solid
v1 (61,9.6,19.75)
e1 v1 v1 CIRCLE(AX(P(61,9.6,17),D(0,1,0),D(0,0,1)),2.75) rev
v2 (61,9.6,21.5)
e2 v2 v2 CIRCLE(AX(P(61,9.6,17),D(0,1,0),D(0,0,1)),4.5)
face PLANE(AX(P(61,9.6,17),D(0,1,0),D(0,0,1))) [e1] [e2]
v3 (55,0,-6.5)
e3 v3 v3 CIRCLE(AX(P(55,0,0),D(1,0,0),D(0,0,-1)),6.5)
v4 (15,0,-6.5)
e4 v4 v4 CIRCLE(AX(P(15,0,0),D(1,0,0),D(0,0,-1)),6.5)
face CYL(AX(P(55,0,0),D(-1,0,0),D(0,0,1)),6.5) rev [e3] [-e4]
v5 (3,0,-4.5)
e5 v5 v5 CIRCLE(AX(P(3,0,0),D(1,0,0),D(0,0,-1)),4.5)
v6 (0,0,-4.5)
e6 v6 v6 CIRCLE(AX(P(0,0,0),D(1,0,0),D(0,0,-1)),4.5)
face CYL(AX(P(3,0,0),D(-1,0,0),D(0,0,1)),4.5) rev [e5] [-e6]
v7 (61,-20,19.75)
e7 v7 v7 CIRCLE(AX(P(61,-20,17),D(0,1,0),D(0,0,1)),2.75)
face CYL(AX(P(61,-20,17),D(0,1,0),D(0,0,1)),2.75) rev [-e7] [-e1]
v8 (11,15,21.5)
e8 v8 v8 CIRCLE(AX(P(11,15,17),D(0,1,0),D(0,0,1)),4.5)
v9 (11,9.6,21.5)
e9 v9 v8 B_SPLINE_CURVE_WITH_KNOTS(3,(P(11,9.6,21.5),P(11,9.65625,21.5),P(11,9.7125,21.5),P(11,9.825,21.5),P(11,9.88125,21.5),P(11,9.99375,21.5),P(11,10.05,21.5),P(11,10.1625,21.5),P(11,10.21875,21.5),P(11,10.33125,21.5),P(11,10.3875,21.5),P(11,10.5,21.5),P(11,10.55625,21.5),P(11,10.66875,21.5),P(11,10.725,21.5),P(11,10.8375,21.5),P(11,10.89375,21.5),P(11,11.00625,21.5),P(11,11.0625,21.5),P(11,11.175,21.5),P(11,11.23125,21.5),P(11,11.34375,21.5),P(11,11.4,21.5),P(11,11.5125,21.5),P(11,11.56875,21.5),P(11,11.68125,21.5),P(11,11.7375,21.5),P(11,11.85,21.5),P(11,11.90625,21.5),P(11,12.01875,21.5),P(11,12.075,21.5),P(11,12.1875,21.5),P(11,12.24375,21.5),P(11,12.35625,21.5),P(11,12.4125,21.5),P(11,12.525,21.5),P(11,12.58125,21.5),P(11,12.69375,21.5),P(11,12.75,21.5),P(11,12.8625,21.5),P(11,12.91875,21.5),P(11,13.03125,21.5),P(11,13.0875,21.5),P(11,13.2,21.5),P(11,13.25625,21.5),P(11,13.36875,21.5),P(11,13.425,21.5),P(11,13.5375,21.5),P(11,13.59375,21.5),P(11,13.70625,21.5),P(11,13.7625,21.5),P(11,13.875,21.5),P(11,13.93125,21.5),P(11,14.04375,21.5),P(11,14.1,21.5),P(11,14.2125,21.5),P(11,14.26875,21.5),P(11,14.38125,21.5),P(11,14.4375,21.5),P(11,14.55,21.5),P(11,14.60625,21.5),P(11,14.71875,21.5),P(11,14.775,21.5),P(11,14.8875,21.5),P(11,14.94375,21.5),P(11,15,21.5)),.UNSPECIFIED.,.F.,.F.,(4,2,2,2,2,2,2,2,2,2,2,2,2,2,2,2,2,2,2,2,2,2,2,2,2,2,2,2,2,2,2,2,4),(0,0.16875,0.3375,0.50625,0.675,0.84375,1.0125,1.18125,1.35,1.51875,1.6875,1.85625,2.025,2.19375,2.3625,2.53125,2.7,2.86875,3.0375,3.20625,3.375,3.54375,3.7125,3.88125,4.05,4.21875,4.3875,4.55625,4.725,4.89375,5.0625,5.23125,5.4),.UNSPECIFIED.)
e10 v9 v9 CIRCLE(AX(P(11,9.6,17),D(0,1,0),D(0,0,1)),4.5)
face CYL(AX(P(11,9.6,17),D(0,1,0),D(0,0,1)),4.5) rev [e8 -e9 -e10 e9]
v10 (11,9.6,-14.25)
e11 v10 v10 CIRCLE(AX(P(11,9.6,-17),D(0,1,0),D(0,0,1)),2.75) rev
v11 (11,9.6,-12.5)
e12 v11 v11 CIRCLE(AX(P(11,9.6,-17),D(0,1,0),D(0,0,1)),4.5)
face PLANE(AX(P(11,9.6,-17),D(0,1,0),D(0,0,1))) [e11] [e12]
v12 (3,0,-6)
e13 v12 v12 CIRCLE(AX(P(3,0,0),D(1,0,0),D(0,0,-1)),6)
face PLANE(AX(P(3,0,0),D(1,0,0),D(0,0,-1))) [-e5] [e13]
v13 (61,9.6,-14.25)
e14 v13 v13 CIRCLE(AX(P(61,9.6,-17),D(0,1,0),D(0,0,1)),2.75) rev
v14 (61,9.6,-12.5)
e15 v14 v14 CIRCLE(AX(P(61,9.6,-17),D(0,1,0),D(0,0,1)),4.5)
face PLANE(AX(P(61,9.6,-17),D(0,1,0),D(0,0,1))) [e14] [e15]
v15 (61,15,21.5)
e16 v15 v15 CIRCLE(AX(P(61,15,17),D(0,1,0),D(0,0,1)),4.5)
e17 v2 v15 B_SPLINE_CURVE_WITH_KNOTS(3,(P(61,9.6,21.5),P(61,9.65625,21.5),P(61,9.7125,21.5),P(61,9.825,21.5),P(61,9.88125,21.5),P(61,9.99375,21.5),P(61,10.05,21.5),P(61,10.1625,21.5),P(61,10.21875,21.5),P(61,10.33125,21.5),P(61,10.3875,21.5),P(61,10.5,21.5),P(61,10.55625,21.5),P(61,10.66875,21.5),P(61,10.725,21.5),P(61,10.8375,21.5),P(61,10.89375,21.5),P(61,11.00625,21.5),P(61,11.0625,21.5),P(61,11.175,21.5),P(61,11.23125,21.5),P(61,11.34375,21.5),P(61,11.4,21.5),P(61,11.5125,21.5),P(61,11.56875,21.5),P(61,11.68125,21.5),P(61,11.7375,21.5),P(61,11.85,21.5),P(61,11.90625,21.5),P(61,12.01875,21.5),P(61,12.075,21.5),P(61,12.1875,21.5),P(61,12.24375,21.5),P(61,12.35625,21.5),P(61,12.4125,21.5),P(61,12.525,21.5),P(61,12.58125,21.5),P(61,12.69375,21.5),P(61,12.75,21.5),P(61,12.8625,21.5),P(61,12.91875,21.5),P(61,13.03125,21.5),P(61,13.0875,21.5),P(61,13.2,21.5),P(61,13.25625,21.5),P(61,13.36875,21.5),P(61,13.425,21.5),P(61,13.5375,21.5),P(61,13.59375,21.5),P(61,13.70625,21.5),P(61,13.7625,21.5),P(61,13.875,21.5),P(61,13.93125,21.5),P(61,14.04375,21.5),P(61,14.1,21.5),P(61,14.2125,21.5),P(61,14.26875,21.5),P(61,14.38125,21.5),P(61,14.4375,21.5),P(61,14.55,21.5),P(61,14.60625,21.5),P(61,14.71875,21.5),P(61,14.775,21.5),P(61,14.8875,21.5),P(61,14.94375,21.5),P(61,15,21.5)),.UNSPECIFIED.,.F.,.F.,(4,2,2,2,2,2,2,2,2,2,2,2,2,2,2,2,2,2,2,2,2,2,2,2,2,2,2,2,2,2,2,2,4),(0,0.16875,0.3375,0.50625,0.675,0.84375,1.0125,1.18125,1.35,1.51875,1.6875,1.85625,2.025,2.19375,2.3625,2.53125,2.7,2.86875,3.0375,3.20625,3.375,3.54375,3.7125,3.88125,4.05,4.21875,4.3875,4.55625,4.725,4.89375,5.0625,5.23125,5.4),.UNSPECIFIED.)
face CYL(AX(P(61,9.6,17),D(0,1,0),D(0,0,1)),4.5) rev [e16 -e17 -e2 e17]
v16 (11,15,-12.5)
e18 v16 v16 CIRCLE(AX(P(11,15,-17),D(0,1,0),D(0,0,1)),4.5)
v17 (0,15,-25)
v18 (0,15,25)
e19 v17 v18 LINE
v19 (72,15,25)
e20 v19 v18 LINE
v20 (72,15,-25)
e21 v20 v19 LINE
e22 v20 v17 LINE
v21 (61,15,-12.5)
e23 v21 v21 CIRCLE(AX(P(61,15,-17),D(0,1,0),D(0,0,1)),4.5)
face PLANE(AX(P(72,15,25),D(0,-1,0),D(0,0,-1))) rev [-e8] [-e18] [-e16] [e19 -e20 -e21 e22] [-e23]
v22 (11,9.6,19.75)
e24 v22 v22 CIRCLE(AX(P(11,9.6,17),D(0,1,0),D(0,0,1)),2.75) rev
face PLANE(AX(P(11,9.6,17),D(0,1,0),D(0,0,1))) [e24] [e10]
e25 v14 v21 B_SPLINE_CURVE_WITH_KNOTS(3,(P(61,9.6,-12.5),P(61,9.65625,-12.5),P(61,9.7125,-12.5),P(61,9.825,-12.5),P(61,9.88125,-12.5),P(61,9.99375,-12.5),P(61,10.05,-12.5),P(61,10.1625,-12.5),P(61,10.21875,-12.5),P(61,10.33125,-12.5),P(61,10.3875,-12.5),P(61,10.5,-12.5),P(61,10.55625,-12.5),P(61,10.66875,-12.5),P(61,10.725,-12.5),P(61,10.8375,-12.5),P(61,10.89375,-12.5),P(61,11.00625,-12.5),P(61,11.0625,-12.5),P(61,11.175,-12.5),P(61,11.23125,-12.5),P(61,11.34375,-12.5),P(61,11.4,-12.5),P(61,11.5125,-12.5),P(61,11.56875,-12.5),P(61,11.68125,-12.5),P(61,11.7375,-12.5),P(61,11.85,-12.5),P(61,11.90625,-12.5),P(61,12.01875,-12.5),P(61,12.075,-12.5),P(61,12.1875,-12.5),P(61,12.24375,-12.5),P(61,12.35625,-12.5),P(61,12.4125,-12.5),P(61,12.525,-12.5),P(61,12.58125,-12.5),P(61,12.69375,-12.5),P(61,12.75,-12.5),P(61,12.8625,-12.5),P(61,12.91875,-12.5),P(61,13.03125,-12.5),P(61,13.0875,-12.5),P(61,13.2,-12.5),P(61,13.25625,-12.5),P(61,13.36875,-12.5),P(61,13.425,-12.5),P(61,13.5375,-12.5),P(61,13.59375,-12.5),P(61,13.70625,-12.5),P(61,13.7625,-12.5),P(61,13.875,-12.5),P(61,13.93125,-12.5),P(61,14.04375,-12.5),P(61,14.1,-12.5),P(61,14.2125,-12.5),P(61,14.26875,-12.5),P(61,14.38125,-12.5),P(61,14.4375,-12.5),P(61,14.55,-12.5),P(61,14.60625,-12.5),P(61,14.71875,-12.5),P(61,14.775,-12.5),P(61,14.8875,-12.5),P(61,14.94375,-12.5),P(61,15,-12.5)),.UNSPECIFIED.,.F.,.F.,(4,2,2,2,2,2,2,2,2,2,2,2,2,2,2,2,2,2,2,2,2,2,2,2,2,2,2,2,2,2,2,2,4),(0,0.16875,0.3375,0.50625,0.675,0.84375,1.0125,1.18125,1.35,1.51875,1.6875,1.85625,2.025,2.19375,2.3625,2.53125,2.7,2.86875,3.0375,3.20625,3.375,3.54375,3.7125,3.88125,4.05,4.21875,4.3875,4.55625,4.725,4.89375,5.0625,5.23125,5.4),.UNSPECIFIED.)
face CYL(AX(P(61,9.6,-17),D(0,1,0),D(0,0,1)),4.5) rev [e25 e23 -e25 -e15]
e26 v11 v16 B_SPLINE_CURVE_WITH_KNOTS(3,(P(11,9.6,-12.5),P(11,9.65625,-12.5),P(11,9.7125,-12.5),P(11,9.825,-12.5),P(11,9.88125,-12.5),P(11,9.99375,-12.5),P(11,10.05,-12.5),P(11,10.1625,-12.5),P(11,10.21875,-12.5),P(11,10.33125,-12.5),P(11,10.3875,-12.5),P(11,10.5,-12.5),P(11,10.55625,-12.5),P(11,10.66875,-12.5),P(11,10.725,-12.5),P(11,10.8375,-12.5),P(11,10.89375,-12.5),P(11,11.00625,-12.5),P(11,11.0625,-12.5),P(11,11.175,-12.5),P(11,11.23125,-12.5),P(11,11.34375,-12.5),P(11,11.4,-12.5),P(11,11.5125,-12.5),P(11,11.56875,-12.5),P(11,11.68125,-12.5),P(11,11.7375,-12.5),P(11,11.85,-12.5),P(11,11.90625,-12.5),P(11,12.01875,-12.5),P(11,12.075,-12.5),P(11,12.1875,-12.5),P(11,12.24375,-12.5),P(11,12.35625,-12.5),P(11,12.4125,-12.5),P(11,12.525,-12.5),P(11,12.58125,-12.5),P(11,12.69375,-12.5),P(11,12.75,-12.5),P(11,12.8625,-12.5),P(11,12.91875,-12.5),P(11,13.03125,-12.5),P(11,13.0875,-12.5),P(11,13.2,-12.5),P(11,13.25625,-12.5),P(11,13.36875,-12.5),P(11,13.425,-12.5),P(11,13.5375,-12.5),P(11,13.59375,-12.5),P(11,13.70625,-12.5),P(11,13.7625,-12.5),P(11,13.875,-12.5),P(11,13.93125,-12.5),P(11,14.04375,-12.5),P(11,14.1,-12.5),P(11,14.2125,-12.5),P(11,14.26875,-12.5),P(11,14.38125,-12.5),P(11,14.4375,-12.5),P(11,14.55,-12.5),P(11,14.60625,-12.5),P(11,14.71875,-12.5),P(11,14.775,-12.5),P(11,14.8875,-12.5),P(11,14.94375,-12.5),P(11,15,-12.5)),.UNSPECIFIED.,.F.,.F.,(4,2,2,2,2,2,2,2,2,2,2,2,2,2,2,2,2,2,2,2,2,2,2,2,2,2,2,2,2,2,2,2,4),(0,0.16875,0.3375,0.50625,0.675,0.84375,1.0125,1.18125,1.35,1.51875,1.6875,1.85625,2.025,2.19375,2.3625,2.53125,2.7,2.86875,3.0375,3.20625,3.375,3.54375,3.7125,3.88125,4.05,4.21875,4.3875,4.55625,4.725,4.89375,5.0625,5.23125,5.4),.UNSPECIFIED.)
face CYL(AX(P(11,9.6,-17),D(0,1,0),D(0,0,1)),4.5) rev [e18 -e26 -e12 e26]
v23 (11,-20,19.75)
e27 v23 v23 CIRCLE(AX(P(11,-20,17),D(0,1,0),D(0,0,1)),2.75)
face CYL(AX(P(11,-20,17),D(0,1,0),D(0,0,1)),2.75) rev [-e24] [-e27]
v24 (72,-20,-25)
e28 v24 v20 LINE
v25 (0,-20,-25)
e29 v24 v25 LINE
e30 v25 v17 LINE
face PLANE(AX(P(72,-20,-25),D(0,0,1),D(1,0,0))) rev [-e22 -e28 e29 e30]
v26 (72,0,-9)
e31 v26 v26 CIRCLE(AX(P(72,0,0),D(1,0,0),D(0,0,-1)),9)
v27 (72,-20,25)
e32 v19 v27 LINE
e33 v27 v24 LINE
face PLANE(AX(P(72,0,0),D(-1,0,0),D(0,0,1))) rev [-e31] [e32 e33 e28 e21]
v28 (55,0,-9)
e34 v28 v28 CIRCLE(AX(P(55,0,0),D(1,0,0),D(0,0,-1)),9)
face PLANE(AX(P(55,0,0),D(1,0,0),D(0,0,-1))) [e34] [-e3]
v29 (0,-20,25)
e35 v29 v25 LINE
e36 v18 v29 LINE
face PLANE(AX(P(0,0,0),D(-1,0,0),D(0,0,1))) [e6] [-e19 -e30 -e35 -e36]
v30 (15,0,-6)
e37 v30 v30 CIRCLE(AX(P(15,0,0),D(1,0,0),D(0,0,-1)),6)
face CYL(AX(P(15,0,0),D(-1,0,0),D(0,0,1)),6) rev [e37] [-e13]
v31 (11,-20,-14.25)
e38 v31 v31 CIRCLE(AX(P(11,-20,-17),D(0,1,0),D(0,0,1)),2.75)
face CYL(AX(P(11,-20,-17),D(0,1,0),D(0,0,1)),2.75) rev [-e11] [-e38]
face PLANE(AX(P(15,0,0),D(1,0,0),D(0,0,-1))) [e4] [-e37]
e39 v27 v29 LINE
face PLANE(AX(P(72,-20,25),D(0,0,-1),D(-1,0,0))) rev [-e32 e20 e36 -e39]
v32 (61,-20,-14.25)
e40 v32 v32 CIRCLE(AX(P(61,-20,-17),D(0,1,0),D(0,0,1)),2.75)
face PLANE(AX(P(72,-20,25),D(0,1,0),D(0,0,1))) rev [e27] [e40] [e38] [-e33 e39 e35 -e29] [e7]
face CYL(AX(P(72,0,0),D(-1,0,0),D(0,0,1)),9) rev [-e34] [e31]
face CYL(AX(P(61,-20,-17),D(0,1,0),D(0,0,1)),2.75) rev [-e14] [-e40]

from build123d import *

# Parameters (mm, degrees)
SKETCH_HOUSING_PROFILE_W             = 50
SKETCH_HOUSING_PROFILE_H             = 35
HOUSING_BLOCK_72X50X35_DEPTH         = 72
SKETCH_WEB_CLEARANCE_HOLE_9_R        = 4.5
WEB_CLEARANCE_HOLE_9_DEPTH           = 3
SKETCH_REAR_BUSHING_BORE_12_R        = 6
REAR_BUSHING_BORE_12_H7_DEPTH        = 12
SKETCH_SPRING_BORE_13_R              = 6.5
SPRING_POCKET_BORE_13_DEPTH          = 40
SKETCH_FRONT_BUSHING_BORE_18_R       = 9
FRONT_BUSHING_BORE_18_H7_DEPTH       = 17
SKETCH_MOUNTING_CLEARANCE_HOLES_M5_R = 2.75
MOUNTING_CLEARANCE_HOLES_M5_DEPTH    = 35
SKETCH_MOUNTING_COUNTERBORES_9_R     = 4.5
MOUNTING_COUNTERBORES_9X5P4_DEPTH    = 5.4


with BuildPart() as part:
    # Sketch_Housing_Profile → Housing_Block_72x50x35 (new body)
    with BuildSketch(Plane(origin=(0, 0, 0), x_dir=(0, 0, -1), z_dir=(1, 0, 0))):
        with Locations((0, -2.5)):
            Rectangle(SKETCH_HOUSING_PROFILE_W, SKETCH_HOUSING_PROFILE_H)
    extrude(amount=HOUSING_BLOCK_72X50X35_DEPTH)

    # Sketch_Web_Clearance_Hole_9 → Web_Clearance_Hole_9 (cut)
    with BuildSketch(Plane(origin=(0, 0, 0), x_dir=(0, 0, -1), z_dir=(1, 0, 0))):
        Circle(SKETCH_WEB_CLEARANCE_HOLE_9_R)
    extrude(amount=WEB_CLEARANCE_HOLE_9_DEPTH, mode=Mode.SUBTRACT)

    # Sketch_Rear_Bushing_Bore_12 → Rear_Bushing_Bore_12_H7 (cut)
    with BuildSketch(Plane(origin=(3, 0, 0), x_dir=(0, 0, -1), z_dir=(1, 0, 0))):
        Circle(SKETCH_REAR_BUSHING_BORE_12_R)
    extrude(amount=REAR_BUSHING_BORE_12_H7_DEPTH, mode=Mode.SUBTRACT)

    # Sketch_Spring_Bore_13 → Spring_Pocket_Bore_13 (cut)
    with BuildSketch(Plane(origin=(15, 0, 0), x_dir=(0, 0, -1), z_dir=(1, 0, 0))):
        Circle(SKETCH_SPRING_BORE_13_R)
    extrude(amount=SPRING_POCKET_BORE_13_DEPTH, mode=Mode.SUBTRACT)

    # Sketch_Front_Bushing_Bore_18 → Front_Bushing_Bore_18_H7 (cut)
    with BuildSketch(Plane(origin=(55, 0, 0), x_dir=(0, 0, -1), z_dir=(1, 0, 0))):
        Circle(SKETCH_FRONT_BUSHING_BORE_18_R)
    extrude(amount=FRONT_BUSHING_BORE_18_H7_DEPTH, mode=Mode.SUBTRACT)

    # Sketch_Mounting_Clearance_Holes_M5 → Mounting_Clearance_Holes_M5 (cut)
    with BuildSketch(Plane(origin=(0, 15, 0), x_dir=(1, 0, 0), z_dir=(0, 1, 0))):
        with Locations((11, 17)):
            Circle(SKETCH_MOUNTING_CLEARANCE_HOLES_M5_R)
        with Locations((61, 17)):
            Circle(SKETCH_MOUNTING_CLEARANCE_HOLES_M5_R)
        with Locations((11, -17)):
            Circle(SKETCH_MOUNTING_CLEARANCE_HOLES_M5_R)
        with Locations((61, -17)):
            Circle(SKETCH_MOUNTING_CLEARANCE_HOLES_M5_R)
    extrude(amount=-MOUNTING_CLEARANCE_HOLES_M5_DEPTH, mode=Mode.SUBTRACT)

    # Sketch_Mounting_Counterbores_9 → Mounting_Counterbores_9x5p4 (cut)
    with BuildSketch(Plane(origin=(0, 15, 0), x_dir=(1, 0, 0), z_dir=(0, 1, 0))):
        with Locations((11, 17)):
            Circle(SKETCH_MOUNTING_COUNTERBORES_9_R)
        with Locations((61, 17)):
            Circle(SKETCH_MOUNTING_COUNTERBORES_9_R)
        with Locations((11, -17)):
            Circle(SKETCH_MOUNTING_COUNTERBORES_9_R)
        with Locations((61, -17)):
            Circle(SKETCH_MOUNTING_COUNTERBORES_9_R)
    extrude(amount=-MOUNTING_COUNTERBORES_9X5P4_DEPTH, mode=Mode.SUBTRACT)


solid = part.part
